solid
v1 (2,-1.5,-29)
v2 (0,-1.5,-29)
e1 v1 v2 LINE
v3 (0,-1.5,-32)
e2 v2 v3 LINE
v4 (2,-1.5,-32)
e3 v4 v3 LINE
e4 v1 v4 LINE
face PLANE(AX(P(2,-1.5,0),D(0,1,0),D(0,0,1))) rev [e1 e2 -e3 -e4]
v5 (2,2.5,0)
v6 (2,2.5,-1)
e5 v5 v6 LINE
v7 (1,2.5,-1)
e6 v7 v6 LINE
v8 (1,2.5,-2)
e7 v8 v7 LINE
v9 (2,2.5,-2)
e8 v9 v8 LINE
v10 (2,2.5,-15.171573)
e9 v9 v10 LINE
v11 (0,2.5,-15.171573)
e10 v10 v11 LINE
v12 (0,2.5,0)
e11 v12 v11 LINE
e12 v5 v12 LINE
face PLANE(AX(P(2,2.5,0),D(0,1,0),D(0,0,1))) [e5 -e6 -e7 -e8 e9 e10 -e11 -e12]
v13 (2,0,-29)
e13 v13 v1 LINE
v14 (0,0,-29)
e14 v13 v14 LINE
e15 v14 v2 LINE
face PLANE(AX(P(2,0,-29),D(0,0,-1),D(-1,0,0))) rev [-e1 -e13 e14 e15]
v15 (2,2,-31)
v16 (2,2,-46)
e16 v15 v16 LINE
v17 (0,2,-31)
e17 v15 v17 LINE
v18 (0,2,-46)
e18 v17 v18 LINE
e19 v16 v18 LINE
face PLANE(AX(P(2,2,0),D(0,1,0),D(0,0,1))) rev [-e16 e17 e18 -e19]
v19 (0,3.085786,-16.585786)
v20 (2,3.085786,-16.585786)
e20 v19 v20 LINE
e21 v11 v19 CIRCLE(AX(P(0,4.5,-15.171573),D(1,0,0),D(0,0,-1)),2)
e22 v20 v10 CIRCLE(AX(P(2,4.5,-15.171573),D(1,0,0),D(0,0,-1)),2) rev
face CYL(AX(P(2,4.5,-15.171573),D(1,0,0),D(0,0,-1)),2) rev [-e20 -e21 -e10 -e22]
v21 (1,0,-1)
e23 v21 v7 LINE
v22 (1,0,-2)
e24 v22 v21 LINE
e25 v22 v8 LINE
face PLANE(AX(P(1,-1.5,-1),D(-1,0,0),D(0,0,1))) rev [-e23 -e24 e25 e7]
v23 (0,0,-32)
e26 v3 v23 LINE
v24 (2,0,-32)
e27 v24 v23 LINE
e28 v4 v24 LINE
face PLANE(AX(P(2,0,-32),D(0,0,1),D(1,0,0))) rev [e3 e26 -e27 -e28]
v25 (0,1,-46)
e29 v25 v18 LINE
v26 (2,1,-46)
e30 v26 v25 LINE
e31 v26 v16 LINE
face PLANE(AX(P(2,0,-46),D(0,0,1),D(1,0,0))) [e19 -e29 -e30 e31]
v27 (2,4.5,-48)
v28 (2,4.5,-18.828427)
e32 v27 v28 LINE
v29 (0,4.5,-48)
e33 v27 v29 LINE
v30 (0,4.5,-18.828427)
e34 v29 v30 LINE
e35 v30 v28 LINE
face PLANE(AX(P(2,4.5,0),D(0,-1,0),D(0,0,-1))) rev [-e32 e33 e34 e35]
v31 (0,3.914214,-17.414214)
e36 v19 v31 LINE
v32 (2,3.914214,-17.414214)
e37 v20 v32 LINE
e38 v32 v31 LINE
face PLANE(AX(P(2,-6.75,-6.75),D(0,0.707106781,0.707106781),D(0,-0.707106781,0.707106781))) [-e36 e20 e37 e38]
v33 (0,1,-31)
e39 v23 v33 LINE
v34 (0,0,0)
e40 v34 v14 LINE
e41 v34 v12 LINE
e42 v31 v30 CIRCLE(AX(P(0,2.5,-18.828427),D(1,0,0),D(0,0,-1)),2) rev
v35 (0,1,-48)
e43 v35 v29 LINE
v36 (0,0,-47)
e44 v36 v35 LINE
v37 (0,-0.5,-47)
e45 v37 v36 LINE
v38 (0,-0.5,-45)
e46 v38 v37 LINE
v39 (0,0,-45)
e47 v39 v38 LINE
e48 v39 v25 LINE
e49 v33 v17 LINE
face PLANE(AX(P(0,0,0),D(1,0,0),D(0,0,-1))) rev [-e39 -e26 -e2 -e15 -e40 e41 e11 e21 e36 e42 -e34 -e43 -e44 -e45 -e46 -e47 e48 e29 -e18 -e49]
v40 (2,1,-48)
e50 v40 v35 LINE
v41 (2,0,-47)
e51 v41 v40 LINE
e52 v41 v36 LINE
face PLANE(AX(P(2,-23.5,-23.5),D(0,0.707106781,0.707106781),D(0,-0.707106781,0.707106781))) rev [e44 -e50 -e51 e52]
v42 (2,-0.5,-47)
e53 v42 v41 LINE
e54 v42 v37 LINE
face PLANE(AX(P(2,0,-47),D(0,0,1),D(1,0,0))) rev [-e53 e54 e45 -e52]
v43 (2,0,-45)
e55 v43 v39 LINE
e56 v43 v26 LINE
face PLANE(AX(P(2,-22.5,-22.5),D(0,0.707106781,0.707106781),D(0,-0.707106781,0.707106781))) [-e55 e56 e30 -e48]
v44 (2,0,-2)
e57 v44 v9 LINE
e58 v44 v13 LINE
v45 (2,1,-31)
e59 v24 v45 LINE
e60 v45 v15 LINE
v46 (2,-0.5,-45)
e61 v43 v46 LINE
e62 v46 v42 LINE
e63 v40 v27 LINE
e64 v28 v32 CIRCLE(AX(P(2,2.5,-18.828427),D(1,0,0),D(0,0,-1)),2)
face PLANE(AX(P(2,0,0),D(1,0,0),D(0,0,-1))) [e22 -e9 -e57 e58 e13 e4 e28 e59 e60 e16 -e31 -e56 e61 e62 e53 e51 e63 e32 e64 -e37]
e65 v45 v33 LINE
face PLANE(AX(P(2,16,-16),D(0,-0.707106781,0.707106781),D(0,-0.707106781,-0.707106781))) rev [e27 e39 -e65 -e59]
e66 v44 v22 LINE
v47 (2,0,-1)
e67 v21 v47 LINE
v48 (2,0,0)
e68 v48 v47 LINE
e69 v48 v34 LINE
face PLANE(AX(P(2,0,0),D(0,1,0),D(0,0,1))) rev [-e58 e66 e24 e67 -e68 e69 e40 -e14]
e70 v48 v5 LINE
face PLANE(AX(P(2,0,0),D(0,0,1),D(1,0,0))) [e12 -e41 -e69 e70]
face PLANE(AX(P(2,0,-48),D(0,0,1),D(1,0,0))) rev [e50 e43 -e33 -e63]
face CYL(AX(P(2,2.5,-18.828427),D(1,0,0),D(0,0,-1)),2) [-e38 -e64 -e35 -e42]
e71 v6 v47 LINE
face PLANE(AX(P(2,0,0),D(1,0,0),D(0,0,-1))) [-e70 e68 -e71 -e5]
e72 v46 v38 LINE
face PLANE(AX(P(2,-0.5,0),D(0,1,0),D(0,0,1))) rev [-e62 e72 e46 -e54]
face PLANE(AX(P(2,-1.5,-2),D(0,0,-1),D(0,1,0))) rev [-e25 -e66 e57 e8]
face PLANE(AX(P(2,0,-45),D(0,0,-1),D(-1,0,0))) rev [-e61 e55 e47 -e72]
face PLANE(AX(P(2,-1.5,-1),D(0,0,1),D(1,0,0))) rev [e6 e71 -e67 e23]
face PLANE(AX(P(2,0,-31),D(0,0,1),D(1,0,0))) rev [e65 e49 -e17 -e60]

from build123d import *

# Parameters (mm, degrees)
SKETCH_1_W          = 16
SKETCH_1_H          = 2.5
EXTRUDE_1_DEPTH     = 2
FILLET_1_R          = 2
SKETCH_2_W          = 1
SKETCH_2_H          = 1
CUT_EXTRUDE_1_DEPTH = 49.207883173


with BuildPart() as part:
    # Эскиз1 → Бобышка-Вытянуть1 (new body)
    with BuildSketch(Plane(origin=(0, 0, 0), x_dir=(0, 0, -1), z_dir=(1, 0, 0))):
        Polygon((48, 1), (48, 4.5), (29, 4.5), (18, 4.5), (16, 2.5), (16, 0), (29, 0), (29, -1.5), (32, -1.5), (32, 0), (31, 1), (31, 2), (46, 2), (46, 1), (45, 0), (45, -0.5), (47, -0.5), (47, 0), align=None)
        with Locations((8, 1.25)):
            Rectangle(SKETCH_1_W, SKETCH_1_H)
    extrude(amount=EXTRUDE_1_DEPTH)

    # Скругление1
    fillet_1_edges = [part.edges().sort_by_distance(p)[0] for p in [
        (1, 2.5, -16),
        (1, 4.5, -18),
    ]]
    fillet(fillet_1_edges, radius=FILLET_1_R)

    # Эскиз2 → Вырез-Вытянуть1 (cut, through all)
    with BuildSketch(Plane(origin=(0, 2.5, 0), x_dir=(1, 0, 0), z_dir=(0, 1, 0))):
        with Locations((1.5, 1.5)):
            Rectangle(SKETCH_2_W, SKETCH_2_H)
    extrude(amount=-CUT_EXTRUDE_1_DEPTH, mode=Mode.SUBTRACT)


solid = part.part
